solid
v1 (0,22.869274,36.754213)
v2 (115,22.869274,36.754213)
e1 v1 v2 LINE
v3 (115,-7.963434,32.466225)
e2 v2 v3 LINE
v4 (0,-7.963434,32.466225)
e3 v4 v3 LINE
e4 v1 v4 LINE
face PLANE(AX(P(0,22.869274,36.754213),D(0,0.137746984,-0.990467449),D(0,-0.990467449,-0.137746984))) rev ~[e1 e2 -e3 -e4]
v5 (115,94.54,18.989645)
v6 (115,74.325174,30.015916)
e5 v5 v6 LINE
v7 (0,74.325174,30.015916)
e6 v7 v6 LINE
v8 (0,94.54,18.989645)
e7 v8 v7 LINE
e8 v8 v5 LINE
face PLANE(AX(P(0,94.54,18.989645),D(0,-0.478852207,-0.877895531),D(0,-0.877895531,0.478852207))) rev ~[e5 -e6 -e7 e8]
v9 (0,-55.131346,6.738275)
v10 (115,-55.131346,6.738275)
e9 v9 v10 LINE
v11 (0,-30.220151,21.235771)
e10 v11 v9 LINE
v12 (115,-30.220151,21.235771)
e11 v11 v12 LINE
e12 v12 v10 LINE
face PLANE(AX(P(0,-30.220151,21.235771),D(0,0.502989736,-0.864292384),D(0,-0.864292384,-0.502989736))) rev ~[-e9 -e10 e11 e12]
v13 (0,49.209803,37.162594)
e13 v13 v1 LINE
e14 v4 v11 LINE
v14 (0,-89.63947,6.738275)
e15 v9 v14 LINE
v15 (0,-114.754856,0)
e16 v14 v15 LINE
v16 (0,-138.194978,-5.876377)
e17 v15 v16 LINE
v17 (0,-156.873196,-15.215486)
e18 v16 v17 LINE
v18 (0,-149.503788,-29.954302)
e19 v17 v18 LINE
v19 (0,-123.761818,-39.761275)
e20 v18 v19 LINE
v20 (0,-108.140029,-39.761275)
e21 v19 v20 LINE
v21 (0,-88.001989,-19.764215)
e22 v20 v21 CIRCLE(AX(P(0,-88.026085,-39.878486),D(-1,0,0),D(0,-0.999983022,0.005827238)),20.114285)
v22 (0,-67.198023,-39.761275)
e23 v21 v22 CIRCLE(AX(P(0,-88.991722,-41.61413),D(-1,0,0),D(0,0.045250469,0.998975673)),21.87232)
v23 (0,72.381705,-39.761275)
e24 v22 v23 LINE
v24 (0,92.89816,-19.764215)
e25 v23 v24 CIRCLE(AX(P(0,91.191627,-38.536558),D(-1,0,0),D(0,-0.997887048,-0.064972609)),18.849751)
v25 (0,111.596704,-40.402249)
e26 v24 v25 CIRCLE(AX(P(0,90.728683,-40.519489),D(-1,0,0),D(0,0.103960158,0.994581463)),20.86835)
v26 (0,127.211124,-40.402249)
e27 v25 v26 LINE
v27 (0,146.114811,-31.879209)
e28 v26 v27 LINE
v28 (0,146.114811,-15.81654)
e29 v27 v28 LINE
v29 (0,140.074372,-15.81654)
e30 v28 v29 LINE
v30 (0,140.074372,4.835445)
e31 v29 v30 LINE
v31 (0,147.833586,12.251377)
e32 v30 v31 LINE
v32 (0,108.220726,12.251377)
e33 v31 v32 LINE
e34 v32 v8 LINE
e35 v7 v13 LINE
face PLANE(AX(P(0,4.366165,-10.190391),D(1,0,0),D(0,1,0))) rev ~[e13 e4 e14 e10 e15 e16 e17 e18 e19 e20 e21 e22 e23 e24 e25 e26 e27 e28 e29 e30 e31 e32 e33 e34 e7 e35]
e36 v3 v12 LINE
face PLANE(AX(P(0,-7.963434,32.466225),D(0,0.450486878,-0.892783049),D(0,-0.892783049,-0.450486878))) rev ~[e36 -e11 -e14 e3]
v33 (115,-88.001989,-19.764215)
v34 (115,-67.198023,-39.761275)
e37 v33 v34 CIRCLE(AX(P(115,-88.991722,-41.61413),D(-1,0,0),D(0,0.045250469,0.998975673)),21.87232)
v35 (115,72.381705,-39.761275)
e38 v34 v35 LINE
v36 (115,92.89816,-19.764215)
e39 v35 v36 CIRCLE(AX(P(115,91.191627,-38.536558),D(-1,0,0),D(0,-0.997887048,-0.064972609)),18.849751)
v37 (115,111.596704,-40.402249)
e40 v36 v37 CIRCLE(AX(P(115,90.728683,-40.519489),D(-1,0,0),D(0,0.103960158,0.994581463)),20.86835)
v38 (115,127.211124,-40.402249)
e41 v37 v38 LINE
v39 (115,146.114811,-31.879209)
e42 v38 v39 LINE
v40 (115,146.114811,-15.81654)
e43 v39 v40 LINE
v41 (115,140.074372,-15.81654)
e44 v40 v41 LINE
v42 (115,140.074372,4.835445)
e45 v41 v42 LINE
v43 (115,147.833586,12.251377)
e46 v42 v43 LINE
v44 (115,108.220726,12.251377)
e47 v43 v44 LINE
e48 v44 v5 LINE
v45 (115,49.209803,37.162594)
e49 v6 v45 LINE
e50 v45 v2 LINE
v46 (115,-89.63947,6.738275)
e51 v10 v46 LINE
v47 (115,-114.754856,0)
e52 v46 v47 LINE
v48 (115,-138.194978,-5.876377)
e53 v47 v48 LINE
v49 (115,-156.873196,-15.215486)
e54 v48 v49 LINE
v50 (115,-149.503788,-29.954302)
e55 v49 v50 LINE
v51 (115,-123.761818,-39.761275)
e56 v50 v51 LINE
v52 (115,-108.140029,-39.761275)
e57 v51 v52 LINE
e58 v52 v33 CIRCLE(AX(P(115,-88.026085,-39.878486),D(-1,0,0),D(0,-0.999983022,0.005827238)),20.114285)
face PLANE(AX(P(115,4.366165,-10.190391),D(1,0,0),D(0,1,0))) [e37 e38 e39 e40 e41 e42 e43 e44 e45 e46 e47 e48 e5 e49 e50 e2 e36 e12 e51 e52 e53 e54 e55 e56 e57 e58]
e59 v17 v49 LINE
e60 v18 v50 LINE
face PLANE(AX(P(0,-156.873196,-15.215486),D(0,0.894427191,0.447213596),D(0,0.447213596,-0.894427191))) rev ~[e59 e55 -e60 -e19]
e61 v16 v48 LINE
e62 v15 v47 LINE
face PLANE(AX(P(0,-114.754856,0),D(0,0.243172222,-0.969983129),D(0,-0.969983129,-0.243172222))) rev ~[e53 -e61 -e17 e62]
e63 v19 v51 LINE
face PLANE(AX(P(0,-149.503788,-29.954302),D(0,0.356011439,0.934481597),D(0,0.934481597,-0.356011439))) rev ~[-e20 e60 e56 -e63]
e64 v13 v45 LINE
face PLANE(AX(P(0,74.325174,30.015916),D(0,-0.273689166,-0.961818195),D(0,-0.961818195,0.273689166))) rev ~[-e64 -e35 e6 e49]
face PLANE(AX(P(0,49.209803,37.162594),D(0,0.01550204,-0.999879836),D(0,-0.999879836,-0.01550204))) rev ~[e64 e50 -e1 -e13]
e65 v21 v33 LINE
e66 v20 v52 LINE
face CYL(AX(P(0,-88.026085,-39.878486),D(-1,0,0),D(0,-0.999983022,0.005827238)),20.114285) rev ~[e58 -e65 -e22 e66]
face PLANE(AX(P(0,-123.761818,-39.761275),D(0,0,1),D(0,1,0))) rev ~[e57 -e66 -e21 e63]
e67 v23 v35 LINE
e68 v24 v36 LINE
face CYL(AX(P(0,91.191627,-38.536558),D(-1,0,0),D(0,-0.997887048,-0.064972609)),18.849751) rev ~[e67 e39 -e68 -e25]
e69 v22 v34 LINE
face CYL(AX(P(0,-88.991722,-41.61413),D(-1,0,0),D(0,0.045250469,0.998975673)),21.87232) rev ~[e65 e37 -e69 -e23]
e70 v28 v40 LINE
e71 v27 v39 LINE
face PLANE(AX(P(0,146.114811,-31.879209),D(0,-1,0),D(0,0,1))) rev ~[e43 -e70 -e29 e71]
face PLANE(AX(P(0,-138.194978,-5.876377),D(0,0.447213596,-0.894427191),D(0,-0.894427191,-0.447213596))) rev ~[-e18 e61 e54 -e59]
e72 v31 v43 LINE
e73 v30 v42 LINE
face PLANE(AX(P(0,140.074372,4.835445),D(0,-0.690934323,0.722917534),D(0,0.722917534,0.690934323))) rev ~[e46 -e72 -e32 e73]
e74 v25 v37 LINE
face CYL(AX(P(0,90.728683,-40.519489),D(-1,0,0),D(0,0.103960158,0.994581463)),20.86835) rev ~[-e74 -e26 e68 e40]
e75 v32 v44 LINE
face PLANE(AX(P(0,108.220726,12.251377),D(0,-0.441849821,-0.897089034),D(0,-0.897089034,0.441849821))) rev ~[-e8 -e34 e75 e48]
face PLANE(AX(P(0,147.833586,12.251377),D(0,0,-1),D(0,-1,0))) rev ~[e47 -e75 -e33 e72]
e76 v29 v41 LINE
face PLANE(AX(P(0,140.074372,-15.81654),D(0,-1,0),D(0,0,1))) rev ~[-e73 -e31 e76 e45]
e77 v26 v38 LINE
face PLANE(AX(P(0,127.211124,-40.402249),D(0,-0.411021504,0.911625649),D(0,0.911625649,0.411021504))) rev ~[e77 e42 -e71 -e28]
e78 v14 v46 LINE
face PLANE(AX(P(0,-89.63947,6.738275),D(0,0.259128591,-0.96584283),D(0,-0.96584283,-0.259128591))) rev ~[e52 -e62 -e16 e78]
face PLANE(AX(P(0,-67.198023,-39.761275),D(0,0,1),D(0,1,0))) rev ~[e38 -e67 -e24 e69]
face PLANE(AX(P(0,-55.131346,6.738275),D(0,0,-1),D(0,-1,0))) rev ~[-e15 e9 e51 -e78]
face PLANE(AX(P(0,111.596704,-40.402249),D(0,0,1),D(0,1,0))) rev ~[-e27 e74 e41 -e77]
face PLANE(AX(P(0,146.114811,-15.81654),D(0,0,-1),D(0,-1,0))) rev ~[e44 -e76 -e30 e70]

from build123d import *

# Parameters (mm, degrees)
F1_DEPTH = 115


with BuildPart() as f1:
    # F0 (on Right) → F1 (new body)
    with BuildSketch(Plane.YZ):
        with BuildLine():
            Line((-89.63947, 6.738275), (-114.754856, 0))
            Line((-114.754856, 0), (-138.194978, -5.876377))
            Line((-138.194978, -5.876377), (-156.873196, -15.215486))
            Line((-156.873196, -15.215486), (-149.503788, -29.954302))
            Line((-149.503788, -29.954302), (-123.761818, -39.761275))
            Line((-123.761818, -39.761275), (-108.140029, -39.761275))
            ThreePointArc((-108.140029, -39.761275), (-102.198985, -25.605666), (-88.001989, -19.764215))
            ThreePointArc((-88.001989, -19.764215), (-73.834486, -25.845282), (-67.198023, -39.761275))
            Line((-67.198023, -39.761275), (-37.212595, -39.761275))
            Line((-37.212595, -39.761275), (72.381705, -39.761275))
            ThreePointArc((72.381705, -39.761275), (78.034801, -25.038001), (92.89816, -19.764215))
            ThreePointArc((92.89816, -19.764215), (106.193601, -26.50791), (111.596704, -40.402249))
            Line((111.596704, -40.402249), (127.211124, -40.402249))
            Line((127.211124, -40.402249), (146.114811, -31.879209))
            Line((146.114811, -31.879209), (146.114811, -15.81654))
            Line((146.114811, -15.81654), (140.074372, -15.81654))
            Line((140.074372, -15.81654), (140.074372, 4.835445))
            Line((140.074372, 4.835445), (147.833586, 12.251377))
            Line((147.833586, 12.251377), (140.074372, 12.251377))
            Line((140.074372, 12.251377), (108.220726, 12.251377))
            Line((108.220726, 12.251377), (94.54, 18.989645))
            Line((94.54, 18.989645), (74.325174, 30.015916))
            Line((74.325174, 30.015916), (49.209803, 37.162594))
            Line((49.209803, 37.162594), (22.869274, 36.754213))
            Line((22.869274, 36.754213), (-7.963434, 32.466225))
            Line((-7.963434, 32.466225), (-30.220151, 21.235771))
            Line((-30.220151, 21.235771), (-55.131346, 6.738275))
            Line((-55.131346, 6.738275), (-89.63947, 6.738275))
        make_face()
    extrude(amount=F1_DEPTH)


solid = f1.part
